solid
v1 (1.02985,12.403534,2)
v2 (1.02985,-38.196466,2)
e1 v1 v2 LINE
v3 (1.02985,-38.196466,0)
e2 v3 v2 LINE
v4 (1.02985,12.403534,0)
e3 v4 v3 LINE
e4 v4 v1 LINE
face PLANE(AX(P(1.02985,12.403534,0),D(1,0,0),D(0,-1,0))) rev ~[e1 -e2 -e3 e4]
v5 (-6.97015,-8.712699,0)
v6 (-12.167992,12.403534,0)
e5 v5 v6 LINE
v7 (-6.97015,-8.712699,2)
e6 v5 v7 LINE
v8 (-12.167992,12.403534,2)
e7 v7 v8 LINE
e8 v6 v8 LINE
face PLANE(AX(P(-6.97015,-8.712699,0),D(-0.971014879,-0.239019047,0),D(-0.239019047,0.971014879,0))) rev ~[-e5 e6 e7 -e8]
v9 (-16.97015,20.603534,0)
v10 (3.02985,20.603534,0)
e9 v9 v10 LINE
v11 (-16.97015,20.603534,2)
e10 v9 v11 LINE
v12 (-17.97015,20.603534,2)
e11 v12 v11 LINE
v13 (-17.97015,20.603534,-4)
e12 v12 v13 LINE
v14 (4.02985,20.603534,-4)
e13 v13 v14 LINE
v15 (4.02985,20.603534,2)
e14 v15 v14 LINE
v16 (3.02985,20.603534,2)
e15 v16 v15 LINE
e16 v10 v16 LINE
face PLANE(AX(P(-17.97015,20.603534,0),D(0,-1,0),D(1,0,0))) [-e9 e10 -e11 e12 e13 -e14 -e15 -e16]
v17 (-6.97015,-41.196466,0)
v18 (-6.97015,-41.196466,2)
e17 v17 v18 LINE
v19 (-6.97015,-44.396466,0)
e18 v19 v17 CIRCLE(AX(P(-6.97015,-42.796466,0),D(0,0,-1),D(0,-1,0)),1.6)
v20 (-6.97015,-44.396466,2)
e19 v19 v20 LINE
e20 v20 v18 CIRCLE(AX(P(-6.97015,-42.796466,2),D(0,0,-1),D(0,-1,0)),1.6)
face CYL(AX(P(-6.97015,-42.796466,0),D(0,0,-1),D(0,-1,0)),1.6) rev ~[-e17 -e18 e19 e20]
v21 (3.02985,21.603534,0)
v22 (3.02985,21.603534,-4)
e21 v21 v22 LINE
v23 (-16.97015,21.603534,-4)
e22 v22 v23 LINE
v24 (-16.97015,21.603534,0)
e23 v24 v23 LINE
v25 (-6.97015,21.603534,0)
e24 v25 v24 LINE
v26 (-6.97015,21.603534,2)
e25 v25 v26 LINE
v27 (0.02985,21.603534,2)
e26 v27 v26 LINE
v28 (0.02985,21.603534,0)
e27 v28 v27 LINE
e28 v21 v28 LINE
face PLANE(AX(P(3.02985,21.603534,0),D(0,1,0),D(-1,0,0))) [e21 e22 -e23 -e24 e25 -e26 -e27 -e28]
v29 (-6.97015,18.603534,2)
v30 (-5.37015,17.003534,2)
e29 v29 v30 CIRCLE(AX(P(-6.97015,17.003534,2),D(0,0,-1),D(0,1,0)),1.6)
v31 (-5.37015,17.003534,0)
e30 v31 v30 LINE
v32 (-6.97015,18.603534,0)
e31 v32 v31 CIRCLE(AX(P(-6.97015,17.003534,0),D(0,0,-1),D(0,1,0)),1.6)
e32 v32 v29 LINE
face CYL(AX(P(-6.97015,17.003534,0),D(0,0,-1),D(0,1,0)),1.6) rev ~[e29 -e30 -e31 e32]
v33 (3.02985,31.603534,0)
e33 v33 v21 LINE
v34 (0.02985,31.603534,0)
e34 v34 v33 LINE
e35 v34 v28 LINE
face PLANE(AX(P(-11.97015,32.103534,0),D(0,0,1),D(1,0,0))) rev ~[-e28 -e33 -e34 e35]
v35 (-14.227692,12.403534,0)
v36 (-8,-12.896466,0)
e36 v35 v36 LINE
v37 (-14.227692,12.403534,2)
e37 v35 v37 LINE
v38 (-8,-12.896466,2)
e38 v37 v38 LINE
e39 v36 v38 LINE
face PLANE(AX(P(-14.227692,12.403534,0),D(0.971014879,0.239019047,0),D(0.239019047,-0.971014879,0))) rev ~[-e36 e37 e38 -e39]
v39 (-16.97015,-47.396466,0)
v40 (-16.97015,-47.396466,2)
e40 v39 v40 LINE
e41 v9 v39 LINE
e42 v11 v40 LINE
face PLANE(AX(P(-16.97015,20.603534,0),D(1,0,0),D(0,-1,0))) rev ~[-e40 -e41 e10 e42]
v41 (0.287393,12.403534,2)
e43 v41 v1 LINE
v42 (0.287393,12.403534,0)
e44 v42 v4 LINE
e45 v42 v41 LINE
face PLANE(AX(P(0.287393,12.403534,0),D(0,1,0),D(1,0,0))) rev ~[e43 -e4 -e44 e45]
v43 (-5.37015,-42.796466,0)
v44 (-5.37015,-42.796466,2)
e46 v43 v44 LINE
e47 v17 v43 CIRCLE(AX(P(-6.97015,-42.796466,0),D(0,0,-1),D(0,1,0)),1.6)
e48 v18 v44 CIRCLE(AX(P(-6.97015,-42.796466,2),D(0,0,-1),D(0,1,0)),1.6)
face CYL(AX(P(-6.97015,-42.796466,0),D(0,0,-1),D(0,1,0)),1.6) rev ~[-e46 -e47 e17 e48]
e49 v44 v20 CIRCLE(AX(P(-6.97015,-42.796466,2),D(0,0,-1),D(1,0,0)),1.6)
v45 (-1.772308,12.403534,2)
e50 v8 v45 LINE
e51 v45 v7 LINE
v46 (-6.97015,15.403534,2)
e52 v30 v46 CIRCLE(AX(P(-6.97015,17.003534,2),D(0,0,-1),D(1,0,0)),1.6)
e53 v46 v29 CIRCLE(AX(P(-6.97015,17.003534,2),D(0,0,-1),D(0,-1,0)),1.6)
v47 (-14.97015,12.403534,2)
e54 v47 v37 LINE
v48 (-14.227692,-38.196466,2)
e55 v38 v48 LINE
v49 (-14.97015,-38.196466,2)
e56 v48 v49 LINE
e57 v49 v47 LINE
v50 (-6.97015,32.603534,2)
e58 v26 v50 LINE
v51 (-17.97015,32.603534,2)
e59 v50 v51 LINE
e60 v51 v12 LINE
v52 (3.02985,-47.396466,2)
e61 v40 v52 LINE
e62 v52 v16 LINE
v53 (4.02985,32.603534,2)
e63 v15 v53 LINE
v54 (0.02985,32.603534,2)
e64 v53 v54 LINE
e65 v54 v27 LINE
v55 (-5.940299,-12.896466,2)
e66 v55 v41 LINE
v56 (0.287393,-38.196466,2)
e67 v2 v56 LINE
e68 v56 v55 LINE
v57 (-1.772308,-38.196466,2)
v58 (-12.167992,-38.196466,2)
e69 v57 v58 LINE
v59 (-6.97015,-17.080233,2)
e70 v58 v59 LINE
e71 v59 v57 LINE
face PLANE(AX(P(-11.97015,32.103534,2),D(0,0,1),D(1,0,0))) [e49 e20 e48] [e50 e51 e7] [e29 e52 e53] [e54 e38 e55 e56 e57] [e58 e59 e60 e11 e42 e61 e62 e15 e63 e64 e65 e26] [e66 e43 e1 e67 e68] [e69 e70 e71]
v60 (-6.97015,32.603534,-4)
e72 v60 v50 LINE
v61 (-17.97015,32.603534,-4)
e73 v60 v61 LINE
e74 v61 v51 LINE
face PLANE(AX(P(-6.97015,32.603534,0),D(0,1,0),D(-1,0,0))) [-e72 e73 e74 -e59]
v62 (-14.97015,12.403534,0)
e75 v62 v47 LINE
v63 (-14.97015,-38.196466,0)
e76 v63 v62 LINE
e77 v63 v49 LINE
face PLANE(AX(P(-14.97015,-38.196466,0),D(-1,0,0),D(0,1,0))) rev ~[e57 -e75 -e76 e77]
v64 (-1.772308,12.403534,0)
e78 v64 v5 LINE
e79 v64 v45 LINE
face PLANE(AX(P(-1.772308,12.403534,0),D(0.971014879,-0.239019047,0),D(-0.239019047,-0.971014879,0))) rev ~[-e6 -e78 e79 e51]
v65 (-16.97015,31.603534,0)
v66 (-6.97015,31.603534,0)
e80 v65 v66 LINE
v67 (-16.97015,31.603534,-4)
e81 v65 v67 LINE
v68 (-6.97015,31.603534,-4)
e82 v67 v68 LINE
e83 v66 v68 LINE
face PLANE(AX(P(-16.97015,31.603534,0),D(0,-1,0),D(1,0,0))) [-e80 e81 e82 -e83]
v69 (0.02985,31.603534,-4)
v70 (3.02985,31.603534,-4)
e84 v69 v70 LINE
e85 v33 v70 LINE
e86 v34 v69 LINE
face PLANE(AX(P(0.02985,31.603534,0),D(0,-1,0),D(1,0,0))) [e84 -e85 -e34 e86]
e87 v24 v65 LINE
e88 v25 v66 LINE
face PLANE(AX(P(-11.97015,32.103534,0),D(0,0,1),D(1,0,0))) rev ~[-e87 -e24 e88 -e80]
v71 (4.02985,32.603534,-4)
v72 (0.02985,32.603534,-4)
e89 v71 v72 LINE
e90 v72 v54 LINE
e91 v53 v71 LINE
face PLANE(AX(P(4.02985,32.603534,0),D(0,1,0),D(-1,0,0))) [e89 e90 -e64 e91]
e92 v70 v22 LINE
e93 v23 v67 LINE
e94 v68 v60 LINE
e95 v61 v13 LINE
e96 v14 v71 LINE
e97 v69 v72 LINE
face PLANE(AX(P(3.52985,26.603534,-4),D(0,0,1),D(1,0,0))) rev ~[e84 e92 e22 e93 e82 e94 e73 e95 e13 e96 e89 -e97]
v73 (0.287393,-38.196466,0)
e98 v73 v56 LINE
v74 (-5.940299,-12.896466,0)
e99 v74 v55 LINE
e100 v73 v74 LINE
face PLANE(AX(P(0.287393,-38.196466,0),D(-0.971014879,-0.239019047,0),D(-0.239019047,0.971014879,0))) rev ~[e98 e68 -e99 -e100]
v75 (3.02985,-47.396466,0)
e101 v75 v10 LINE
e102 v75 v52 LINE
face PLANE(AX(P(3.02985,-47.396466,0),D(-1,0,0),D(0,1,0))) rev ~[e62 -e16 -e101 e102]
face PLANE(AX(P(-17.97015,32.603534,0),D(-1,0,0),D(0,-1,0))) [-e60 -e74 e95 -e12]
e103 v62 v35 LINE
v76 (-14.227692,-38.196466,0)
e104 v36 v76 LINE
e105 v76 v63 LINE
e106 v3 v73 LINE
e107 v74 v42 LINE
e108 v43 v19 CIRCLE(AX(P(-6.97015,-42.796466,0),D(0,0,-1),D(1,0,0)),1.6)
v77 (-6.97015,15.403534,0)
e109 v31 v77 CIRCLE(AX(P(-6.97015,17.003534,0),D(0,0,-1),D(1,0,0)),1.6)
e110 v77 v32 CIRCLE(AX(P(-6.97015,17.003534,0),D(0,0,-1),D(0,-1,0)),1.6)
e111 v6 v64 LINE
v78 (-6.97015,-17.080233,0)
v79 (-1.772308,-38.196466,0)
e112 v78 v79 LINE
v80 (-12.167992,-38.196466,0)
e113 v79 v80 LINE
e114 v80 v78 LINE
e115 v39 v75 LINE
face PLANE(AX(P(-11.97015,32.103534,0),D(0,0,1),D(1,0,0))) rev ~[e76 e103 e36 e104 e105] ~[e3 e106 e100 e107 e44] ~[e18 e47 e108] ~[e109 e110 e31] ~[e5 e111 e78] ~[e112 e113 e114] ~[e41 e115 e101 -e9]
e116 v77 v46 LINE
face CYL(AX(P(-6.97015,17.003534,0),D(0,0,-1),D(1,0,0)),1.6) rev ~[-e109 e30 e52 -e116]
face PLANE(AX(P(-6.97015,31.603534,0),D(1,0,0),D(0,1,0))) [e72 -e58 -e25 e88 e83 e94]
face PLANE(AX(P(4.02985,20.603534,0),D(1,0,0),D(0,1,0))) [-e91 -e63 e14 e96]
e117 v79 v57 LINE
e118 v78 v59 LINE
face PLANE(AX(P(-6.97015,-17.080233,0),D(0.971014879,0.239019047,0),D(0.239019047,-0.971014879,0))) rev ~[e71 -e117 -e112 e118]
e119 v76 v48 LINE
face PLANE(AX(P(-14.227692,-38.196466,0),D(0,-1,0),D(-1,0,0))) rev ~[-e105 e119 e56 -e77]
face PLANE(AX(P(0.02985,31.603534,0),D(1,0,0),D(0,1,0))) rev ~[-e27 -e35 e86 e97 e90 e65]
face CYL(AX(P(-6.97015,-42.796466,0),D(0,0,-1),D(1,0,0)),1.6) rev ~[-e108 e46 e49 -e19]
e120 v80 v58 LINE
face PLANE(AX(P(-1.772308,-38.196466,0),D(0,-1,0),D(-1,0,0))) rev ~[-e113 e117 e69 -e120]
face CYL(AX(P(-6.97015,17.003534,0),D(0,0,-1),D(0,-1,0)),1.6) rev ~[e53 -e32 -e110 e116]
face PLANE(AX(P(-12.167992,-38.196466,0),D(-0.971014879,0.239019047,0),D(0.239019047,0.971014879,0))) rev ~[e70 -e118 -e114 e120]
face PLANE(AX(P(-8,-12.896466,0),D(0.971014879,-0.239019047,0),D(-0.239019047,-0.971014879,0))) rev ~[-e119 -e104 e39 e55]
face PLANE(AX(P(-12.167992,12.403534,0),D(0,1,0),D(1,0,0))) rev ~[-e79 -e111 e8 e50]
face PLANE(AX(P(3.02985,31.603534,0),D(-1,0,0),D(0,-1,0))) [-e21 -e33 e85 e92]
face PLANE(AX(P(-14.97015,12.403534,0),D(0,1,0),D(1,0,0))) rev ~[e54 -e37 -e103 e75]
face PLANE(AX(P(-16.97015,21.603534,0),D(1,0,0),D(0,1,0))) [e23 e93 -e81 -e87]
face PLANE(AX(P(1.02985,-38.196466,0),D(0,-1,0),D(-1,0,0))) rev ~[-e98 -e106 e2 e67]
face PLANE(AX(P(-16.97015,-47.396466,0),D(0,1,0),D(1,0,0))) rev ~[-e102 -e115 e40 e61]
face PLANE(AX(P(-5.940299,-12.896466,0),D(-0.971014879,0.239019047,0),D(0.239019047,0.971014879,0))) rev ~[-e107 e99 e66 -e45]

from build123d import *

# Parameters (mm, degrees)
F0_W     = 10
F0_H     = 1
F0_W_2   = 3
F0_H_2   = 10
F1_DEPTH = 2
F2_DEPTH = 4


with BuildPart() as f1:
    # F0 (on Top) → F1 (new body)
    with BuildSketch(Plane.XY):
        with Locations((-11.9701496633, 32.1035342552)):
            Rectangle(F0_W, F0_H)
        with Locations((1.5298503367, 32.1035342552)):
            Rectangle(F0_W_2, F0_H)
        Polygon((-16.9701496633, 31.6035342552), (-16.9701496633, 32.6035342552), (-17.9701496633, 32.6035342552), (-17.9701496633, 20.6035342552), (-16.9701496633, 20.6035342552), (-16.9701496633, 21.6035342552), align=None)
        Polygon((4.0298503367, 32.6035342552), (3.0298503367, 32.6035342552), (3.0298503367, 31.6035342552), (3.0298503367, 21.6035342552), (3.0298503367, 20.6035342552), (4.0298503367, 20.6035342552), align=None)
        Polygon((-6.9701496633, 20.6035342552), (-16.9701496633, 20.6035342552), (-16.9701496633, -47.3964657448), (-6.9701496633, -47.3964657448), (-6.9701496633, -45.3964657448), (-13.9402993266, -45.3964657448), (-14.9701496633, -45.3964657448), (-14.9701496633, -41.212698752), (-14.9701496633, -38.1964657448), (-14.9701496633, 12.4035342552), (-14.9701496633, 15.4197672624), (-14.9701496633, 19.6035342552), (-13.9402993266, 19.6035342552), (-6.9701496633, 19.6035342552), align=None)
        Polygon((3.0298503367, 20.6035342552), (-6.9701496633, 20.6035342552), (-6.9701496633, 19.6035342552), (0, 19.6035342552), (1.0298503367, 19.6035342552), (1.0298503367, 15.4197672624), (1.0298503367, 12.4035342552), (1.0298503367, -38.1964657448), (1.0298503367, -41.212698752), (1.0298503367, -45.3964657448), (0, -45.3964657448), (-6.9701496633, -45.3964657448), (-6.9701496633, -47.3964657448), (3.0298503367, -47.3964657448), align=None)
        with Locations((-11.9701496633, 21.1035342552)):
            Rectangle(F0_W, F0_H)
        Polygon((0.0298503367, 21.6035342552), (-6.9701496633, 21.6035342552), (-6.9701496633, 20.6035342552), (3.0298503367, 20.6035342552), (3.0298503367, 21.6035342552), align=None)
        with Locations((-11.9701496633, 26.6035342552)):
            Rectangle(F0_W, F0_H_2)
        with Locations((1.5298503367, 26.6035342552)):
            Rectangle(F0_W_2, F0_H_2)
        Polygon((-13.197841971, 12.4035342552), (-14.9701496633, 19.6035342552), (-14.9701496633, 15.4197672624), (-14.2276923077, 12.4035342552), align=None)
        Polygon((-12.1679916343, 12.4035342552), (-13.9402993266, 19.6035342552), (-14.9701496633, 19.6035342552), (-13.197841971, 12.4035342552), align=None)
        Polygon((1.0298503367, 19.6035342552), (0, 19.6035342552), (-1.7723076923, 12.4035342552), (-0.7424573556, 12.4035342552), align=None)
        Polygon((0.2873929811, 12.4035342552), (-0.7424573556, 12.4035342552), (-6.455224495, -10.8045822484), (-5.9402993266, -12.8964657448), align=None)
        Polygon((-14.2276923077, -38.1964657448), (-13.197841971, -38.1964657448), (-7.4850748317, -14.9883492412), (-8, -12.8964657448), align=None)
        Polygon((-14.9701496633, -45.3964657448), (-13.9402993266, -45.3964657448), (-12.1679916343, -38.1964657448), (-13.197841971, -38.1964657448), align=None)
        Polygon((-7.4850748317, -14.9883492412), (-6.9701496633, -12.8964657448), (-7.4850748317, -10.8045822484), (-8, -12.8964657448), align=None)
        Polygon((-6.9701496633, -17.0802327376), (-6.9701496633, -12.8964657448), (-7.4850748317, -14.9883492412), align=None)
        Polygon((-5.9402993266, -12.8964657448), (-6.455224495, -10.8045822484), (-6.9701496633, -12.8964657448), (-6.455224495, -14.9883492412), align=None)
        Polygon((-6.455224495, -10.8045822484), (-6.9701496633, -8.712698752), (-6.9701496633, -12.8964657448), align=None)
        Polygon((-6.455224495, -14.9883492412), (-6.9701496633, -12.8964657448), (-6.9701496633, -17.0802327376), align=None)
        Polygon((-6.9701496633, -12.8964657448), (-6.9701496633, -8.712698752), (-7.4850748317, -10.8045822484), align=None)
        Polygon((-0.7424573556, -38.1964657448), (1.0298503367, -45.3964657448), (1.0298503367, -41.212698752), (0.2873929811, -38.1964657448), align=None)
        Polygon((-1.7723076923, -38.1964657448), (0, -45.3964657448), (1.0298503367, -45.3964657448), (-0.7424573556, -38.1964657448), align=None)
        Polygon((1.0298503367, 15.4197672624), (1.0298503367, 19.6035342552), (-0.7424573556, 12.4035342552), (0.2873929811, 12.4035342552), align=None)
        Polygon((-7.4850748317, -10.8045822484), (-13.197841971, 12.4035342552), (-14.2276923077, 12.4035342552), (-8, -12.8964657448), align=None)
        Polygon((-6.9701496633, -8.712698752), (-12.1679916343, 12.4035342552), (-13.197841971, 12.4035342552), (-7.4850748317, -10.8045822484), align=None)
        Polygon((-0.7424573556, 12.4035342552), (-1.7723076923, 12.4035342552), (-6.9701496633, -8.712698752), (-6.455224495, -10.8045822484), align=None)
        with BuildLine():
            Line((0, 19.6035342552), (-6.9701496633, 19.6035342552))
            Line((-6.9701496633, 19.6035342552), (-6.9701496633, 18.6035342552))
            ThreePointArc((-6.9701496633, 18.6035342552), (-5.8387788134, 18.1349051051), (-5.3701496633, 17.0035342552))
            ThreePointArc((-5.3701496633, 17.0035342552), (-5.8387788134, 15.8721634053), (-6.9701496633, 15.4035342552))
            Line((-6.9701496633, 15.4035342552), (-6.9701496633, 12.4035342552))
            Line((-6.9701496633, 12.4035342552), (-1.7723076923, 12.4035342552))
            Line((-1.7723076923, 12.4035342552), (0, 19.6035342552))
        make_face()
        with BuildLine():
            Line((-6.9701496633, 18.6035342552), (-6.9701496633, 19.6035342552))
            Line((-6.9701496633, 19.6035342552), (-13.9402993266, 19.6035342552))
            Line((-13.9402993266, 19.6035342552), (-12.1679916343, 12.4035342552))
            Line((-12.1679916343, 12.4035342552), (-6.9701496633, 12.4035342552))
            Line((-6.9701496633, 12.4035342552), (-6.9701496633, 15.4035342552))
            ThreePointArc((-6.9701496633, 15.4035342552), (-8.5701496633, 17.0035342552), (-6.9701496633, 18.6035342552))
        make_face()
        Polygon((-14.2276923077, 12.4035342552), (-14.9701496633, 15.4197672624), (-14.9701496633, 12.4035342552), align=None)
        Polygon((1.0298503367, 12.4035342552), (1.0298503367, 15.4197672624), (0.2873929811, 12.4035342552), align=None)
        Polygon((-14.9701496633, -41.212698752), (-14.9701496633, -45.3964657448), (-13.197841971, -38.1964657448), (-14.2276923077, -38.1964657448), align=None)
        Polygon((-13.197841971, -38.1964657448), (-12.1679916343, -38.1964657448), (-6.9701496633, -17.0802327376), (-7.4850748317, -14.9883492412), align=None)
        Polygon((-6.455224495, -14.9883492412), (-0.7424573556, -38.1964657448), (0.2873929811, -38.1964657448), (-5.9402993266, -12.8964657448), align=None)
        Polygon((-6.9701496633, -17.0802327376), (-1.7723076923, -38.1964657448), (-0.7424573556, -38.1964657448), (-6.455224495, -14.9883492412), align=None)
        with BuildLine():
            Line((-6.9701496633, -44.3964657448), (-6.9701496633, -45.3964657448))
            Line((-6.9701496633, -45.3964657448), (0, -45.3964657448))
            Line((0, -45.3964657448), (-1.7723076923, -38.1964657448))
            Line((-1.7723076923, -38.1964657448), (-6.9701496633, -38.1964657448))
            Line((-6.9701496633, -38.1964657448), (-6.9701496633, -41.1964657448))
            ThreePointArc((-6.9701496633, -41.1964657448), (-5.8387788134, -41.6650948949), (-5.3701496633, -42.7964657448))
            ThreePointArc((-5.3701496633, -42.7964657448), (-5.8387788134, -43.9278365947), (-6.9701496633, -44.3964657448))
        make_face()
        Polygon((0.2873929811, -38.1964657448), (1.0298503367, -41.212698752), (1.0298503367, -38.1964657448), align=None)
        with BuildLine():
            Line((-13.9402993266, -45.3964657448), (-6.9701496633, -45.3964657448))
            Line((-6.9701496633, -45.3964657448), (-6.9701496633, -44.3964657448))
            ThreePointArc((-6.9701496633, -44.3964657448), (-8.5701496633, -42.7964657448), (-6.9701496633, -41.1964657448))
            Line((-6.9701496633, -41.1964657448), (-6.9701496633, -38.1964657448))
            Line((-6.9701496633, -38.1964657448), (-12.1679916343, -38.1964657448))
            Line((-12.1679916343, -38.1964657448), (-13.9402993266, -45.3964657448))
        make_face()
        Polygon((-14.9701496633, -38.1964657448), (-14.9701496633, -41.212698752), (-14.2276923077, -38.1964657448), align=None)
    extrude(amount=F1_DEPTH)

    # F0 (on Top) → F2 (join)
    with BuildSketch(Plane.XY):
        Polygon((4.0298503367, 32.6035342552), (3.0298503367, 32.6035342552), (3.0298503367, 31.6035342552), (3.0298503367, 21.6035342552), (3.0298503367, 20.6035342552), (4.0298503367, 20.6035342552), align=None)
        with Locations((1.5298503367, 32.1035342552)):
            Rectangle(F0_W_2, F0_H)
        Polygon((0.0298503367, 21.6035342552), (-6.9701496633, 21.6035342552), (-6.9701496633, 20.6035342552), (3.0298503367, 20.6035342552), (3.0298503367, 21.6035342552), align=None)
        with Locations((-11.9701496633, 21.1035342552)):
            Rectangle(F0_W, F0_H)
        Polygon((-16.9701496633, 31.6035342552), (-16.9701496633, 32.6035342552), (-17.9701496633, 32.6035342552), (-17.9701496633, 20.6035342552), (-16.9701496633, 20.6035342552), (-16.9701496633, 21.6035342552), align=None)
        with Locations((-11.9701496633, 32.1035342552)):
            Rectangle(F0_W, F0_H)
    extrude(amount=-F2_DEPTH)


solid = f1.part
